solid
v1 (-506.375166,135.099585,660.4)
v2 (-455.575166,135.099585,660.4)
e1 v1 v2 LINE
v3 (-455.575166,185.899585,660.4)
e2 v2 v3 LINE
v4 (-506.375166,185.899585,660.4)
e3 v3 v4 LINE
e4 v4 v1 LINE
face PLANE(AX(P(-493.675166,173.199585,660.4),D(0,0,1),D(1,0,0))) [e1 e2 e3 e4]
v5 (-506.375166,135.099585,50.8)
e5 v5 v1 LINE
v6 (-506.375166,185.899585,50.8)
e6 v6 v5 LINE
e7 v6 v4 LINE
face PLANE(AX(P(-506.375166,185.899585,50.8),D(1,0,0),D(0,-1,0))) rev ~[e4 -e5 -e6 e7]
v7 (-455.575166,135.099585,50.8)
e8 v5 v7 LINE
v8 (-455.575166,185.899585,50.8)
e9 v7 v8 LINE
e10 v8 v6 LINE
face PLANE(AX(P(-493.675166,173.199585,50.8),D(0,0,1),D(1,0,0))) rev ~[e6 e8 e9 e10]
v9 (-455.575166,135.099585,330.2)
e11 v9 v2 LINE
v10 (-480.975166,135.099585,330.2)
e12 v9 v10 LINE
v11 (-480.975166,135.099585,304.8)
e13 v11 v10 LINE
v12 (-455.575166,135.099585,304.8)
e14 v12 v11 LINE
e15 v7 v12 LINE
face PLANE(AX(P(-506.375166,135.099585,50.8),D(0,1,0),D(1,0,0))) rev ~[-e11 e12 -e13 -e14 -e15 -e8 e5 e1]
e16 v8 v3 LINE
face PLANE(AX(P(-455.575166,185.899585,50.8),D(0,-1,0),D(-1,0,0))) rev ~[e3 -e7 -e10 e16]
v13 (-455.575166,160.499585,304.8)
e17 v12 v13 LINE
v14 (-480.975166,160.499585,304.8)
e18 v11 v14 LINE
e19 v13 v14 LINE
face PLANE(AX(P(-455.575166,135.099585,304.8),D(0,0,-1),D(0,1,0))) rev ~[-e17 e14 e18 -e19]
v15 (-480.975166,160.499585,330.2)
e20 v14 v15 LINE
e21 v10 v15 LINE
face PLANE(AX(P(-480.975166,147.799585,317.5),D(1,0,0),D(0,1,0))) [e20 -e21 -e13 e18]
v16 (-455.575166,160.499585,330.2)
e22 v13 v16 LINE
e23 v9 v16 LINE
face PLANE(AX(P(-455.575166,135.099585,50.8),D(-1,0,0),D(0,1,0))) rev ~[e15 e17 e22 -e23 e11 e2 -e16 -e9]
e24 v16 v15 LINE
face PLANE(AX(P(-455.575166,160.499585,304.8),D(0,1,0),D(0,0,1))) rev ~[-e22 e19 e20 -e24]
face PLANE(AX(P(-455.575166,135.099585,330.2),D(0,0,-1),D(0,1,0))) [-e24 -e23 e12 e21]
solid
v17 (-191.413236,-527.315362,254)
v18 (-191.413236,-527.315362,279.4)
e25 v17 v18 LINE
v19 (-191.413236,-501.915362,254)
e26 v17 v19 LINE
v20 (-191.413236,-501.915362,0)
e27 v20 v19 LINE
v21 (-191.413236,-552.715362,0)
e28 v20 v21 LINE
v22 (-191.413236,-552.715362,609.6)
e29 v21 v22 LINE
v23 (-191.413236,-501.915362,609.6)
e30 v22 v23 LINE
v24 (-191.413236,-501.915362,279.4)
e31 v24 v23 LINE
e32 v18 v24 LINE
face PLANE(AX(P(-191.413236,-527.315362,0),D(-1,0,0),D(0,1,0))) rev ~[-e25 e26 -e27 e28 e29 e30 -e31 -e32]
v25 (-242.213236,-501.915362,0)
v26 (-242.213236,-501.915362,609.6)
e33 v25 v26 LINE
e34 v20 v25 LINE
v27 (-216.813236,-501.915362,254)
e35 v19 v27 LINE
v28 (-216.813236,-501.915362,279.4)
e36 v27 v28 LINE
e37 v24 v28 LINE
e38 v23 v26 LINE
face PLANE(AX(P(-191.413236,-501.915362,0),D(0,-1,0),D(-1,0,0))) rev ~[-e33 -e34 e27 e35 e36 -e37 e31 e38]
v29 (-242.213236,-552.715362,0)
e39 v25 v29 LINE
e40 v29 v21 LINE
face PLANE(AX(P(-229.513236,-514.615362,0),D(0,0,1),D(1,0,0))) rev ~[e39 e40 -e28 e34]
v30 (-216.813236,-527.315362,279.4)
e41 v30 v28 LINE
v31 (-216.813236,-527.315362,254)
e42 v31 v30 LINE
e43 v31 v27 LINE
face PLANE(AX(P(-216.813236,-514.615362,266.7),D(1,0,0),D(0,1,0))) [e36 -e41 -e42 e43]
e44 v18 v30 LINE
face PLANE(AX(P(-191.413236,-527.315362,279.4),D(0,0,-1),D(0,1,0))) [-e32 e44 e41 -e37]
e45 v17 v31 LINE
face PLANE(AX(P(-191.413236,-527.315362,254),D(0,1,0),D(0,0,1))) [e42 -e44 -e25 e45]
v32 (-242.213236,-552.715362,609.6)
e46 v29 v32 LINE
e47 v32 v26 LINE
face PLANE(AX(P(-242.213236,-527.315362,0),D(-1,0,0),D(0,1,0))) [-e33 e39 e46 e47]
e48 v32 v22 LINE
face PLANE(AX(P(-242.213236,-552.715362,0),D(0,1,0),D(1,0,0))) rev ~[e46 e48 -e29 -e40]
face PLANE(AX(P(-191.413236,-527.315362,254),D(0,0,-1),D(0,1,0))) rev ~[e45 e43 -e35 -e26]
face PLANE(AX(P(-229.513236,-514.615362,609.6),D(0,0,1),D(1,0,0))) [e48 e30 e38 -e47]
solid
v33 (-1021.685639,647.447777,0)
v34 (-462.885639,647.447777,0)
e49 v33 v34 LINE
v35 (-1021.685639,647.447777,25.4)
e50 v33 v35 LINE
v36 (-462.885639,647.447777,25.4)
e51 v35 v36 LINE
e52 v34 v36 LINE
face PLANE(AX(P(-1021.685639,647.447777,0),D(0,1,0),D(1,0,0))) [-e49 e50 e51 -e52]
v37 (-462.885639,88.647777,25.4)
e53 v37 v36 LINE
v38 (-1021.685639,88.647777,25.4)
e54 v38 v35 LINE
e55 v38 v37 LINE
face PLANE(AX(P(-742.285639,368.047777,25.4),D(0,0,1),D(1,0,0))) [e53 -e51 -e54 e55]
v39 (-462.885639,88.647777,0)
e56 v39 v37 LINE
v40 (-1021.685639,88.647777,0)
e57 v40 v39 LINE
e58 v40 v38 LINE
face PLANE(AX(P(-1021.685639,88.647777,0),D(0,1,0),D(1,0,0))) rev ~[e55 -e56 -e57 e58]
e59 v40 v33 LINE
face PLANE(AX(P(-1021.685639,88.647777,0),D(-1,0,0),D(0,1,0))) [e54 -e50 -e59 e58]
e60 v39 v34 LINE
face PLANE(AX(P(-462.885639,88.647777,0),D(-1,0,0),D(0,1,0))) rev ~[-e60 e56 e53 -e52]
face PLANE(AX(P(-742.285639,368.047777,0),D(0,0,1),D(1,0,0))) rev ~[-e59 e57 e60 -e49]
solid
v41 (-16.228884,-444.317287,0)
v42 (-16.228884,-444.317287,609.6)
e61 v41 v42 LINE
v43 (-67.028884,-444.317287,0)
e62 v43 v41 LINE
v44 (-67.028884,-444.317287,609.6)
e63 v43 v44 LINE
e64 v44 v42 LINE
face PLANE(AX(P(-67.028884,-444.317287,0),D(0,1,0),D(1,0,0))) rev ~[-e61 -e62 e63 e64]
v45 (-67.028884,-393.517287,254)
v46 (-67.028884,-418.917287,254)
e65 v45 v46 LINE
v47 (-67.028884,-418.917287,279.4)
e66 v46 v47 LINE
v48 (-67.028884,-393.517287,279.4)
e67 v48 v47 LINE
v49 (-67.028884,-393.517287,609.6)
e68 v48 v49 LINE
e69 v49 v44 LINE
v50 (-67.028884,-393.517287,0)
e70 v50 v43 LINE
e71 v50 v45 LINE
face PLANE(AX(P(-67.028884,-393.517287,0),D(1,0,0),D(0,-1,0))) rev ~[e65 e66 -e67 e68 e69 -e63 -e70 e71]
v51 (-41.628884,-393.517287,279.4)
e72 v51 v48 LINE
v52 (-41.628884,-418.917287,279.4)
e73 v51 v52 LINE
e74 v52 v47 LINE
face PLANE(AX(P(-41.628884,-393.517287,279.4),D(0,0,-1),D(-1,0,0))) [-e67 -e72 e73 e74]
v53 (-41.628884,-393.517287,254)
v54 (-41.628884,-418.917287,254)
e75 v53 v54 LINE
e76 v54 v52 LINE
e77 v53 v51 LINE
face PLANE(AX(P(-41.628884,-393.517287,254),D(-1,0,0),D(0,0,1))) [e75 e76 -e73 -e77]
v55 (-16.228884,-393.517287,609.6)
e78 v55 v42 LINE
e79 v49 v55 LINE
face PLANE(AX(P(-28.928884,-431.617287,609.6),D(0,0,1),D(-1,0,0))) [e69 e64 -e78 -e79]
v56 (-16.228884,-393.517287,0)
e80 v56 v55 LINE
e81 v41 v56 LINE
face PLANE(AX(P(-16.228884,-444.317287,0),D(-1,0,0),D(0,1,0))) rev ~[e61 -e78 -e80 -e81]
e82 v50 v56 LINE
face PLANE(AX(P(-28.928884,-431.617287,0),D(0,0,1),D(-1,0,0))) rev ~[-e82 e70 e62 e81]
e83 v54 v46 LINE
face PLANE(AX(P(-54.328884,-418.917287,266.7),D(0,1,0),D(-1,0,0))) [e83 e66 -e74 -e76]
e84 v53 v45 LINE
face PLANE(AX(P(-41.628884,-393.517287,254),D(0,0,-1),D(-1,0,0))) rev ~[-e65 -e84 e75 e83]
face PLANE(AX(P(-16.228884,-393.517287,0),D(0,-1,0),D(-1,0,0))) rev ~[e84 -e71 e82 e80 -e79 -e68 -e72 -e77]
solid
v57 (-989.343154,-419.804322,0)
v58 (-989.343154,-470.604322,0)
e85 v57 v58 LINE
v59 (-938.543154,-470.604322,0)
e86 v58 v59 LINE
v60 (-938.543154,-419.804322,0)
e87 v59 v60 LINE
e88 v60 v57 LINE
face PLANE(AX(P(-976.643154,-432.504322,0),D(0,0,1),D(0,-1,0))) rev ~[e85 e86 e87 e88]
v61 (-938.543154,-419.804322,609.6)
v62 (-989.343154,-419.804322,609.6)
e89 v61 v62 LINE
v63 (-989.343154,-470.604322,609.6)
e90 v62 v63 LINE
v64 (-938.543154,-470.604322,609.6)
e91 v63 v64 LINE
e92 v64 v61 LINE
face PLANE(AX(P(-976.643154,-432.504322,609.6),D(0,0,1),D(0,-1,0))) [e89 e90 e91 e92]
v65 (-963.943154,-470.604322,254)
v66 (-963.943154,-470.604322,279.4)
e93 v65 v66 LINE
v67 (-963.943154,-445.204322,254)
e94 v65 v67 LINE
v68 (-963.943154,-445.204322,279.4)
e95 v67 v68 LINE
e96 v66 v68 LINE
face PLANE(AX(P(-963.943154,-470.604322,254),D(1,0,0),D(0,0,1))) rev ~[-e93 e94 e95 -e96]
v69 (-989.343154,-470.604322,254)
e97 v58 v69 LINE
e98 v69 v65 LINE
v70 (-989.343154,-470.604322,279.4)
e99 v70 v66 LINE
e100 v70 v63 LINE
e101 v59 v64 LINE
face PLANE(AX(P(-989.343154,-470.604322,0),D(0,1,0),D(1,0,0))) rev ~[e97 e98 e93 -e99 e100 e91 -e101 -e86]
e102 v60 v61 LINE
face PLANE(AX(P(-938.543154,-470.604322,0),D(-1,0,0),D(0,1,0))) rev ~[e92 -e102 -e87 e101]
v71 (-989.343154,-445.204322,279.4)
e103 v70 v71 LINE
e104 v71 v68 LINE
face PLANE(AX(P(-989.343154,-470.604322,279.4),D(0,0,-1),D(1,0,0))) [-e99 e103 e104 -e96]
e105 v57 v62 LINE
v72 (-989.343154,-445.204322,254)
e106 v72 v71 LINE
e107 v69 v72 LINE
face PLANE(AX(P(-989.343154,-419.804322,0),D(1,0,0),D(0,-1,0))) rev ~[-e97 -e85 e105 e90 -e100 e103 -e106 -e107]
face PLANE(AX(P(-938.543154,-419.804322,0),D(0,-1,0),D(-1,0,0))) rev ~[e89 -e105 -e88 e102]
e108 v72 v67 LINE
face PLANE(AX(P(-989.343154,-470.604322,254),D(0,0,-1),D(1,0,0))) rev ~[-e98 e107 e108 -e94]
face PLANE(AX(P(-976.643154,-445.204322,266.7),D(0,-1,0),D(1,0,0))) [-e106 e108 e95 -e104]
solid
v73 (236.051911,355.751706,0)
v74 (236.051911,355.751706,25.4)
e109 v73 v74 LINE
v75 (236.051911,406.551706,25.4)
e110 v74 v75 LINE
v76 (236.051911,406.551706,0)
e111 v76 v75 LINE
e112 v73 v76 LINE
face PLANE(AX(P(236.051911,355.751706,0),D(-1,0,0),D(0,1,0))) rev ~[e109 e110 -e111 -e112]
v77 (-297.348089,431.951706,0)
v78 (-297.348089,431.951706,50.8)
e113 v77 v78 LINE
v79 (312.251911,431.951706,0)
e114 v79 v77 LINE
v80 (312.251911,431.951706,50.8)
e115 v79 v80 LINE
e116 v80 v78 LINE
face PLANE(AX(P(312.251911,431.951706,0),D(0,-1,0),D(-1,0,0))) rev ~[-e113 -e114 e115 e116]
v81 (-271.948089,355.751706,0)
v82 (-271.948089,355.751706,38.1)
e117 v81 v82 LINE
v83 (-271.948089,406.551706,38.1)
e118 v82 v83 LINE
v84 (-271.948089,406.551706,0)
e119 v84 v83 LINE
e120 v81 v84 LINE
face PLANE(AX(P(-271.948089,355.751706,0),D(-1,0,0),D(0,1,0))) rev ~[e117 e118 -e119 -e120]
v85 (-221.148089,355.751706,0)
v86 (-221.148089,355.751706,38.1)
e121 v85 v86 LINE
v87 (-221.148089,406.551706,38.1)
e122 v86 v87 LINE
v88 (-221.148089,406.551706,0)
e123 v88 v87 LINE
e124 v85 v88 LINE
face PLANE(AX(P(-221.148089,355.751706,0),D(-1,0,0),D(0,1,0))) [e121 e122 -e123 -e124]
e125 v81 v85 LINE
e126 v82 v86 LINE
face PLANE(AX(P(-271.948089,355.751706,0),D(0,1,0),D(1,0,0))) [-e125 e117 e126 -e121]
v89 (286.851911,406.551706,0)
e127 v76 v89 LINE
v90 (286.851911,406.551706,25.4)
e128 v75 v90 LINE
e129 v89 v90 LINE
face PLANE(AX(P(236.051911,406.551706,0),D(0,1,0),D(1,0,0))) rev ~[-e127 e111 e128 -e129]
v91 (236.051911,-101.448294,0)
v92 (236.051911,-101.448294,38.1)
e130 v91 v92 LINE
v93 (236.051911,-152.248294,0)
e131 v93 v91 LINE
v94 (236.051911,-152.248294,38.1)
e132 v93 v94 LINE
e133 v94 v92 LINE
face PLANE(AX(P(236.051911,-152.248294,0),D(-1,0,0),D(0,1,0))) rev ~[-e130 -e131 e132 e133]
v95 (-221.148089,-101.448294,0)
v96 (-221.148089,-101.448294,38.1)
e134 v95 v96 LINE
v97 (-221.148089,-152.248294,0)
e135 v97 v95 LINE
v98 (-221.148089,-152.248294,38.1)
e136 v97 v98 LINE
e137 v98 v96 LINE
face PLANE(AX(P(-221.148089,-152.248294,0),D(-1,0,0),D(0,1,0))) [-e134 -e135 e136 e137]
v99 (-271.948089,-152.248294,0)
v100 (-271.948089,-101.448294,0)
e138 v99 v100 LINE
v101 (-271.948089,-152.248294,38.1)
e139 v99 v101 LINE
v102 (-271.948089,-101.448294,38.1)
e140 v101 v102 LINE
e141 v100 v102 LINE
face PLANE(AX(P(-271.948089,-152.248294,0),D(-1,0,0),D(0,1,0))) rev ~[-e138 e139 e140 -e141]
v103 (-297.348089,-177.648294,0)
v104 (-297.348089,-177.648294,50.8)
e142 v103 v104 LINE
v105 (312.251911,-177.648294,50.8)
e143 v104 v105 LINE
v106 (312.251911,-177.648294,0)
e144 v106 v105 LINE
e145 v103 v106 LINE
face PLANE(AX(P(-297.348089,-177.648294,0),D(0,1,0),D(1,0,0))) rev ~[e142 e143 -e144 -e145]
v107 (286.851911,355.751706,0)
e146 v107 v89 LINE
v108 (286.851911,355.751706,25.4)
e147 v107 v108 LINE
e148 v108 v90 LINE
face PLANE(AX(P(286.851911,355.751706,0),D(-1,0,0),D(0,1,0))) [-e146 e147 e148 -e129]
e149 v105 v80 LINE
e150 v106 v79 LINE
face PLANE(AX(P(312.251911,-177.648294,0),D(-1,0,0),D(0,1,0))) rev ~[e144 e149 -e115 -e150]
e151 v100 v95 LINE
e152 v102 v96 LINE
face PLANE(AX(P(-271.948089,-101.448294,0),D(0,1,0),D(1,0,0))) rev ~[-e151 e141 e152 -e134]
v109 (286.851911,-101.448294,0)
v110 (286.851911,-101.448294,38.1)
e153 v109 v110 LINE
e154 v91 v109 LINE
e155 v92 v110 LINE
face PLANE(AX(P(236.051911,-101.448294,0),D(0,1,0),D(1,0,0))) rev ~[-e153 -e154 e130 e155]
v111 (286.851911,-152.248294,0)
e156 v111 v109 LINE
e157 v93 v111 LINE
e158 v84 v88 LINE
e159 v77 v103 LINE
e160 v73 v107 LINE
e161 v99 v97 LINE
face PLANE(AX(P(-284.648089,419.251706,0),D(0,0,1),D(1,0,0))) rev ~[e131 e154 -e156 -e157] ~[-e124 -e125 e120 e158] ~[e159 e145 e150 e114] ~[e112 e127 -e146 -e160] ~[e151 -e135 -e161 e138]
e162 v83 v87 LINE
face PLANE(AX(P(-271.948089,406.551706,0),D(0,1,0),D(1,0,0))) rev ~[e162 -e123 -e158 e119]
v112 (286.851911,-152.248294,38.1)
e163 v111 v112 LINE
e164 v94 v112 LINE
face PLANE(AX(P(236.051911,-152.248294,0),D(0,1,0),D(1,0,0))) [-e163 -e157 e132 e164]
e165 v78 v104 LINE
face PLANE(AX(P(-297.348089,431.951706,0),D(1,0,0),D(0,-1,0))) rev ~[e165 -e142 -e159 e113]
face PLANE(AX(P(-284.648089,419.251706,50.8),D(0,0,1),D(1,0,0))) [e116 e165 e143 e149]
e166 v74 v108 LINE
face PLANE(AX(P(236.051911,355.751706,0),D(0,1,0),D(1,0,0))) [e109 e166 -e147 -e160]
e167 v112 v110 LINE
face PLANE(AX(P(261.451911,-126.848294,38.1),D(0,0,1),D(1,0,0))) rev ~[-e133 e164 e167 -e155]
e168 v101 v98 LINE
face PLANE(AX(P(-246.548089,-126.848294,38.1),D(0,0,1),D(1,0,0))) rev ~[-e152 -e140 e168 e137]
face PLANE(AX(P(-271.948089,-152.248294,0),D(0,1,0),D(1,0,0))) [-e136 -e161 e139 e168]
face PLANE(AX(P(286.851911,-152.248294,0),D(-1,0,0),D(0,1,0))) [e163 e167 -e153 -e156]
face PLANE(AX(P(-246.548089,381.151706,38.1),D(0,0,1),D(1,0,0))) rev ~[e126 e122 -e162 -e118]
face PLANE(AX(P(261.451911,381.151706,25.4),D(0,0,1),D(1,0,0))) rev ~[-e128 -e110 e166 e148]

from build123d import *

# Parameters (mm, degrees)
F0_W      = 25.4
F0_H      = 25.4
F0_W_2    = 50.8
F0_W_3    = 457.2
F0_H_2    = 50.8
F0_H_3    = 457.2
F1_DEPTH  = 50.8
F2_DEPTH  = 38.1
F3_DEPTH  = 38.1
F4_DEPTH  = 38.1
F5_DEPTH  = 38.1
F6_W      = 25.4
F6_H      = 25.4
F7_DEPTH  = 609.6
F8_W      = 25.4
F8_H      = 25.4
F9_DEPTH  = 609.6
F10_DEPTH = 609.6
F11_W     = 25.4
F11_H     = 25.4
F12_DEPTH = 609.6
F13_W     = 25.4
F13_H     = 25.4
F14_DEPTH = 609.6
F15_DEPTH = 609.6
F16_W     = 558.8
F16_H     = 558.8
F17_DEPTH = 25.4
F18_W     = 25.4
F18_H     = 25.4
F19_DEPTH = 25.4
F21_W     = 25.4
F21_H     = 25.4
F22_DEPTH = 25.4
F24_W     = 25.4
F24_H     = 25.4
F25_DEPTH = 25.4
F27_W     = 25.4
F27_H     = 25.4
F28_DEPTH = 25.4
F29_ANGLE = 45
F30_DEPTH = 25.4
F31_DEPTH = 25.4
F32_ANGLE = 90
F33_ANGLE = 135


with BuildPart() as f1:
    # F0 (on Top) → F1 (new body)
    with BuildSketch(Plane.XY):
        with Locations((-284.6480894744, 419.2517064326)):
            Rectangle(F0_W, F0_H)
        with Locations((299.5519105256, 419.2517064326)):
            Rectangle(F0_W, F0_H)
        with Locations((-284.6480894744, -164.9482935674)):
            Rectangle(F0_W, F0_H)
        with Locations((299.5519105256, -164.9482935674)):
            Rectangle(F0_W, F0_H)
        with Locations((-246.5480894744, 419.2517064326)):
            Rectangle(F0_W_2, F0_H)
        with Locations((7.4519105256, 419.2517064326)):
            Rectangle(F0_W_3, F0_H)
        with Locations((261.4519105256, 419.2517064326)):
            Rectangle(F0_W_2, F0_H)
        with Locations((-246.5480894744, -164.9482935674)):
            Rectangle(F0_W_2, F0_H)
        with Locations((7.4519105256, -164.9482935674)):
            Rectangle(F0_W_3, F0_H)
        with Locations((261.4519105256, -164.9482935674)):
            Rectangle(F0_W_2, F0_H)
        with Locations((-284.6480894744, 381.1517064326)):
            Rectangle(F0_W, F0_H_2)
        with Locations((-284.6480894744, 127.1517064326)):
            Rectangle(F0_W, F0_H_3)
        with Locations((-284.6480894744, -126.8482935674)):
            Rectangle(F0_W, F0_H_2)
        with Locations((299.5519105256, 381.1517064326)):
            Rectangle(F0_W, F0_H_2)
        with Locations((299.5519105256, 127.1517064326)):
            Rectangle(F0_W, F0_H_3)
        with Locations((299.5519105256, -126.8482935674)):
            Rectangle(F0_W, F0_H_2)
        with Locations((-246.5480894744, 127.1517064326)):
            Rectangle(F0_W_2, F0_H_3)
        with Locations((7.4519105256, 381.1517064326)):
            Rectangle(F0_W_3, F0_H_2)
        with Locations((261.4519105256, 127.1517064326)):
            Rectangle(F0_W_2, F0_H_3)
        with Locations((-246.5480894744, 381.1517064326)):
            Rectangle(F0_W_2, F0_H_2)
        with Locations((-246.5480894744, -126.8482935674)):
            Rectangle(F0_W_2, F0_H_2)
        with Locations((7.4519105256, 127.1517064326)):
            Rectangle(F0_W_3, F0_H_3)
        with Locations((7.4519105256, -126.8482935674)):
            Rectangle(F0_W_3, F0_H_2)
        with Locations((261.4519105256, -126.8482935674)):
            Rectangle(F0_W_2, F0_H_2)
        with Locations((261.4519105256, 381.1517064326)):
            Rectangle(F0_W_2, F0_H_2)
    extrude(amount=F1_DEPTH)

    # F0 (on Top) → F2 (cut)
    with BuildSketch(Plane.XY):
        with Locations((-246.5480894744, -126.8482935674)):
            Rectangle(F0_W_2, F0_H_2)
    extrude(amount=-F2_DEPTH, mode=Mode.SUBTRACT)

    # F0 (on Top) → F3 (cut)
    with BuildSketch(Plane.XY):
        with Locations((-246.5480894744, -126.8482935674)):
            Rectangle(F0_W_2, F0_H_2)
    extrude(amount=F3_DEPTH, mode=Mode.SUBTRACT)

    # F0 (on Top) → F4 (cut)
    with BuildSketch(Plane.XY):
        with Locations((261.4519105256, -126.8482935674)):
            Rectangle(F0_W_2, F0_H_2)
    extrude(amount=F4_DEPTH, mode=Mode.SUBTRACT)

    # F0 (on Top) → F5 (cut)
    with BuildSketch(Plane.XY):
        with Locations((-246.5480894744, 381.1517064326)):
            Rectangle(F0_W_2, F0_H_2)
    extrude(amount=F5_DEPTH, mode=Mode.SUBTRACT)

    # F0 (on Top) → F30 (join)
    with BuildSketch(Plane.XY):
        with Locations((261.4519105256, 381.1517064326)):
            Rectangle(F0_W_2, F0_H_2)
    extrude(amount=F30_DEPTH)

    # F0 (on Top) → F31 (cut)
    with BuildSketch(Plane.XY):
        with Locations((261.4519105256, 381.1517064326)):
            Rectangle(F0_W_2, F0_H_2)
    extrude(amount=F31_DEPTH, mode=Mode.SUBTRACT)


with BuildPart() as f7:
    # F6 (on face) → F7 (new body)
    with BuildSketch(Plane.XY.offset(50.8)):
        with Locations((-493.6751659632, 173.1995851017)):
            Rectangle(F6_W, F6_H)
        with Locations((-468.2751659632, 173.1995851017)):
            Rectangle(F6_W, F6_H)
        with Locations((-493.6751659632, 147.7995851017)):
            Rectangle(F6_W, F6_H)
        with Locations((-468.2751659632, 147.7995851017)):
            Rectangle(F6_W, F6_H)
    extrude(amount=F7_DEPTH)

    # F27 (on offset) → F28 (cut)
    with BuildSketch(Plane.YZ.offset(-455.5751659632)):
        with Locations((147.7995851017, 317.5)):
            Rectangle(F27_W, F27_H)
    extrude(amount=-F28_DEPTH, mode=Mode.SUBTRACT)


with BuildPart() as f9:
    # F8 (on Top) → F9 (new body)
    with BuildSketch(Plane.XY):
        with Locations((-229.513236475, -514.6153616277)):
            Rectangle(F8_W, F8_H)
        with Locations((-204.113236475, -514.6153616277)):
            Rectangle(F8_W, F8_H)
    extrude(amount=F9_DEPTH)

    # F8 (on Top) → F10 (join)
    with BuildSketch(Plane.XY):
        with Locations((-229.513236475, -514.6153616277)):
            Rectangle(F8_W, F8_H)
        with Locations((-204.113236475, -514.6153616277)):
            Rectangle(F8_W, F8_H)
        with Locations((-229.513236475, -540.0153616277)):
            Rectangle(F8_W, F8_H)
        with Locations((-204.113236475, -540.0153616277)):
            Rectangle(F8_W, F8_H)
    extrude(amount=F10_DEPTH)

    # F21 (on offset) → F22 (cut)
    with BuildSketch(Plane.YZ.offset(-191.413236475)):
        with Locations((-514.6153616277, 266.7)):
            Rectangle(F21_W, F21_H)
    extrude(amount=-F22_DEPTH, mode=Mode.SUBTRACT)


with BuildPart() as f12:
    # F11 (on Top) → F12 (new body)
    with BuildSketch(Plane.XY):
        with Locations((-976.6431536198, -508.7043218727)):
            Rectangle(F11_W, F11_H)
        with Locations((-951.2431536198, -508.7043218727)):
            Rectangle(F11_W, F11_H)
        with Locations((-976.6431536198, -483.3043218727)):
            Rectangle(F11_W, F11_H)
        with Locations((-951.2431536198, -483.3043218727)):
            Rectangle(F11_W, F11_H)
    extrude(amount=F12_DEPTH)

    # F18 (on face) → F19 (cut)
    with BuildSketch(Plane.YZ.offset(-938.5431536198)):
        with Locations((-508.7043218727, 266.7)):
            Rectangle(F18_W, F18_H)
    extrude(amount=-F19_DEPTH, mode=Mode.SUBTRACT)


with BuildPart() as f14:
    # F13 (on Top) → F14 (new body)
    with BuildSketch(Plane.XY):
        with Locations((-18.407859993, -391.3383118198)):
            Rectangle(F13_W, F13_H)
        with Locations((6.992140007, -391.3383118198)):
            Rectangle(F13_W, F13_H)
        with Locations((-18.407859993, -416.7383118198)):
            Rectangle(F13_W, F13_H)
        with Locations((6.992140007, -416.7383118198)):
            Rectangle(F13_W, F13_H)
    extrude(amount=F14_DEPTH)

    # F13 (on Top) → F15 (join)
    with BuildSketch(Plane.XY):
        with Locations((-18.407859993, -416.7383118198)):
            Rectangle(F13_W, F13_H)
    extrude(amount=F15_DEPTH)

    # F24 (on offset) → F25 (cut)
    with BuildSketch(Plane.XZ.offset(429.4383118198)):
        with Locations((6.992140007, 266.7)):
            Rectangle(F24_W, F24_H)
    extrude(amount=-F25_DEPTH, mode=Mode.SUBTRACT)


with BuildPart() as f17:
    # F16 (on Top) → F17 (new body)
    with BuildSketch(Plane.XY):
        with Locations((-742.2856390476, 368.0477765703)):
            Rectangle(F16_W, F16_H)
    extrude(amount=F17_DEPTH)


with BuildPart() as f14_1:
    # F29: moved
    add(f14.part.rotate(Axis((19.692140007, -429.4383118198, 127), (0, 0, -1)), F29_ANGLE))


with BuildPart() as f12_1:
    # F32: moved
    add(f12.part.rotate(Axis((-938.5431536198, -470.6043218727, 304.8), (0, 0, -1)), F32_ANGLE))


with BuildPart() as f14_2:
    # F33: moved
    add(f14_1.part.rotate(Axis((-16.2288844773, -393.5172873355, 304.8), (0, 0, -1)), F33_ANGLE))


solid = Compound([f1.part, f7.part, f9.part, f17.part, f12_1.part, f14_2.part])
